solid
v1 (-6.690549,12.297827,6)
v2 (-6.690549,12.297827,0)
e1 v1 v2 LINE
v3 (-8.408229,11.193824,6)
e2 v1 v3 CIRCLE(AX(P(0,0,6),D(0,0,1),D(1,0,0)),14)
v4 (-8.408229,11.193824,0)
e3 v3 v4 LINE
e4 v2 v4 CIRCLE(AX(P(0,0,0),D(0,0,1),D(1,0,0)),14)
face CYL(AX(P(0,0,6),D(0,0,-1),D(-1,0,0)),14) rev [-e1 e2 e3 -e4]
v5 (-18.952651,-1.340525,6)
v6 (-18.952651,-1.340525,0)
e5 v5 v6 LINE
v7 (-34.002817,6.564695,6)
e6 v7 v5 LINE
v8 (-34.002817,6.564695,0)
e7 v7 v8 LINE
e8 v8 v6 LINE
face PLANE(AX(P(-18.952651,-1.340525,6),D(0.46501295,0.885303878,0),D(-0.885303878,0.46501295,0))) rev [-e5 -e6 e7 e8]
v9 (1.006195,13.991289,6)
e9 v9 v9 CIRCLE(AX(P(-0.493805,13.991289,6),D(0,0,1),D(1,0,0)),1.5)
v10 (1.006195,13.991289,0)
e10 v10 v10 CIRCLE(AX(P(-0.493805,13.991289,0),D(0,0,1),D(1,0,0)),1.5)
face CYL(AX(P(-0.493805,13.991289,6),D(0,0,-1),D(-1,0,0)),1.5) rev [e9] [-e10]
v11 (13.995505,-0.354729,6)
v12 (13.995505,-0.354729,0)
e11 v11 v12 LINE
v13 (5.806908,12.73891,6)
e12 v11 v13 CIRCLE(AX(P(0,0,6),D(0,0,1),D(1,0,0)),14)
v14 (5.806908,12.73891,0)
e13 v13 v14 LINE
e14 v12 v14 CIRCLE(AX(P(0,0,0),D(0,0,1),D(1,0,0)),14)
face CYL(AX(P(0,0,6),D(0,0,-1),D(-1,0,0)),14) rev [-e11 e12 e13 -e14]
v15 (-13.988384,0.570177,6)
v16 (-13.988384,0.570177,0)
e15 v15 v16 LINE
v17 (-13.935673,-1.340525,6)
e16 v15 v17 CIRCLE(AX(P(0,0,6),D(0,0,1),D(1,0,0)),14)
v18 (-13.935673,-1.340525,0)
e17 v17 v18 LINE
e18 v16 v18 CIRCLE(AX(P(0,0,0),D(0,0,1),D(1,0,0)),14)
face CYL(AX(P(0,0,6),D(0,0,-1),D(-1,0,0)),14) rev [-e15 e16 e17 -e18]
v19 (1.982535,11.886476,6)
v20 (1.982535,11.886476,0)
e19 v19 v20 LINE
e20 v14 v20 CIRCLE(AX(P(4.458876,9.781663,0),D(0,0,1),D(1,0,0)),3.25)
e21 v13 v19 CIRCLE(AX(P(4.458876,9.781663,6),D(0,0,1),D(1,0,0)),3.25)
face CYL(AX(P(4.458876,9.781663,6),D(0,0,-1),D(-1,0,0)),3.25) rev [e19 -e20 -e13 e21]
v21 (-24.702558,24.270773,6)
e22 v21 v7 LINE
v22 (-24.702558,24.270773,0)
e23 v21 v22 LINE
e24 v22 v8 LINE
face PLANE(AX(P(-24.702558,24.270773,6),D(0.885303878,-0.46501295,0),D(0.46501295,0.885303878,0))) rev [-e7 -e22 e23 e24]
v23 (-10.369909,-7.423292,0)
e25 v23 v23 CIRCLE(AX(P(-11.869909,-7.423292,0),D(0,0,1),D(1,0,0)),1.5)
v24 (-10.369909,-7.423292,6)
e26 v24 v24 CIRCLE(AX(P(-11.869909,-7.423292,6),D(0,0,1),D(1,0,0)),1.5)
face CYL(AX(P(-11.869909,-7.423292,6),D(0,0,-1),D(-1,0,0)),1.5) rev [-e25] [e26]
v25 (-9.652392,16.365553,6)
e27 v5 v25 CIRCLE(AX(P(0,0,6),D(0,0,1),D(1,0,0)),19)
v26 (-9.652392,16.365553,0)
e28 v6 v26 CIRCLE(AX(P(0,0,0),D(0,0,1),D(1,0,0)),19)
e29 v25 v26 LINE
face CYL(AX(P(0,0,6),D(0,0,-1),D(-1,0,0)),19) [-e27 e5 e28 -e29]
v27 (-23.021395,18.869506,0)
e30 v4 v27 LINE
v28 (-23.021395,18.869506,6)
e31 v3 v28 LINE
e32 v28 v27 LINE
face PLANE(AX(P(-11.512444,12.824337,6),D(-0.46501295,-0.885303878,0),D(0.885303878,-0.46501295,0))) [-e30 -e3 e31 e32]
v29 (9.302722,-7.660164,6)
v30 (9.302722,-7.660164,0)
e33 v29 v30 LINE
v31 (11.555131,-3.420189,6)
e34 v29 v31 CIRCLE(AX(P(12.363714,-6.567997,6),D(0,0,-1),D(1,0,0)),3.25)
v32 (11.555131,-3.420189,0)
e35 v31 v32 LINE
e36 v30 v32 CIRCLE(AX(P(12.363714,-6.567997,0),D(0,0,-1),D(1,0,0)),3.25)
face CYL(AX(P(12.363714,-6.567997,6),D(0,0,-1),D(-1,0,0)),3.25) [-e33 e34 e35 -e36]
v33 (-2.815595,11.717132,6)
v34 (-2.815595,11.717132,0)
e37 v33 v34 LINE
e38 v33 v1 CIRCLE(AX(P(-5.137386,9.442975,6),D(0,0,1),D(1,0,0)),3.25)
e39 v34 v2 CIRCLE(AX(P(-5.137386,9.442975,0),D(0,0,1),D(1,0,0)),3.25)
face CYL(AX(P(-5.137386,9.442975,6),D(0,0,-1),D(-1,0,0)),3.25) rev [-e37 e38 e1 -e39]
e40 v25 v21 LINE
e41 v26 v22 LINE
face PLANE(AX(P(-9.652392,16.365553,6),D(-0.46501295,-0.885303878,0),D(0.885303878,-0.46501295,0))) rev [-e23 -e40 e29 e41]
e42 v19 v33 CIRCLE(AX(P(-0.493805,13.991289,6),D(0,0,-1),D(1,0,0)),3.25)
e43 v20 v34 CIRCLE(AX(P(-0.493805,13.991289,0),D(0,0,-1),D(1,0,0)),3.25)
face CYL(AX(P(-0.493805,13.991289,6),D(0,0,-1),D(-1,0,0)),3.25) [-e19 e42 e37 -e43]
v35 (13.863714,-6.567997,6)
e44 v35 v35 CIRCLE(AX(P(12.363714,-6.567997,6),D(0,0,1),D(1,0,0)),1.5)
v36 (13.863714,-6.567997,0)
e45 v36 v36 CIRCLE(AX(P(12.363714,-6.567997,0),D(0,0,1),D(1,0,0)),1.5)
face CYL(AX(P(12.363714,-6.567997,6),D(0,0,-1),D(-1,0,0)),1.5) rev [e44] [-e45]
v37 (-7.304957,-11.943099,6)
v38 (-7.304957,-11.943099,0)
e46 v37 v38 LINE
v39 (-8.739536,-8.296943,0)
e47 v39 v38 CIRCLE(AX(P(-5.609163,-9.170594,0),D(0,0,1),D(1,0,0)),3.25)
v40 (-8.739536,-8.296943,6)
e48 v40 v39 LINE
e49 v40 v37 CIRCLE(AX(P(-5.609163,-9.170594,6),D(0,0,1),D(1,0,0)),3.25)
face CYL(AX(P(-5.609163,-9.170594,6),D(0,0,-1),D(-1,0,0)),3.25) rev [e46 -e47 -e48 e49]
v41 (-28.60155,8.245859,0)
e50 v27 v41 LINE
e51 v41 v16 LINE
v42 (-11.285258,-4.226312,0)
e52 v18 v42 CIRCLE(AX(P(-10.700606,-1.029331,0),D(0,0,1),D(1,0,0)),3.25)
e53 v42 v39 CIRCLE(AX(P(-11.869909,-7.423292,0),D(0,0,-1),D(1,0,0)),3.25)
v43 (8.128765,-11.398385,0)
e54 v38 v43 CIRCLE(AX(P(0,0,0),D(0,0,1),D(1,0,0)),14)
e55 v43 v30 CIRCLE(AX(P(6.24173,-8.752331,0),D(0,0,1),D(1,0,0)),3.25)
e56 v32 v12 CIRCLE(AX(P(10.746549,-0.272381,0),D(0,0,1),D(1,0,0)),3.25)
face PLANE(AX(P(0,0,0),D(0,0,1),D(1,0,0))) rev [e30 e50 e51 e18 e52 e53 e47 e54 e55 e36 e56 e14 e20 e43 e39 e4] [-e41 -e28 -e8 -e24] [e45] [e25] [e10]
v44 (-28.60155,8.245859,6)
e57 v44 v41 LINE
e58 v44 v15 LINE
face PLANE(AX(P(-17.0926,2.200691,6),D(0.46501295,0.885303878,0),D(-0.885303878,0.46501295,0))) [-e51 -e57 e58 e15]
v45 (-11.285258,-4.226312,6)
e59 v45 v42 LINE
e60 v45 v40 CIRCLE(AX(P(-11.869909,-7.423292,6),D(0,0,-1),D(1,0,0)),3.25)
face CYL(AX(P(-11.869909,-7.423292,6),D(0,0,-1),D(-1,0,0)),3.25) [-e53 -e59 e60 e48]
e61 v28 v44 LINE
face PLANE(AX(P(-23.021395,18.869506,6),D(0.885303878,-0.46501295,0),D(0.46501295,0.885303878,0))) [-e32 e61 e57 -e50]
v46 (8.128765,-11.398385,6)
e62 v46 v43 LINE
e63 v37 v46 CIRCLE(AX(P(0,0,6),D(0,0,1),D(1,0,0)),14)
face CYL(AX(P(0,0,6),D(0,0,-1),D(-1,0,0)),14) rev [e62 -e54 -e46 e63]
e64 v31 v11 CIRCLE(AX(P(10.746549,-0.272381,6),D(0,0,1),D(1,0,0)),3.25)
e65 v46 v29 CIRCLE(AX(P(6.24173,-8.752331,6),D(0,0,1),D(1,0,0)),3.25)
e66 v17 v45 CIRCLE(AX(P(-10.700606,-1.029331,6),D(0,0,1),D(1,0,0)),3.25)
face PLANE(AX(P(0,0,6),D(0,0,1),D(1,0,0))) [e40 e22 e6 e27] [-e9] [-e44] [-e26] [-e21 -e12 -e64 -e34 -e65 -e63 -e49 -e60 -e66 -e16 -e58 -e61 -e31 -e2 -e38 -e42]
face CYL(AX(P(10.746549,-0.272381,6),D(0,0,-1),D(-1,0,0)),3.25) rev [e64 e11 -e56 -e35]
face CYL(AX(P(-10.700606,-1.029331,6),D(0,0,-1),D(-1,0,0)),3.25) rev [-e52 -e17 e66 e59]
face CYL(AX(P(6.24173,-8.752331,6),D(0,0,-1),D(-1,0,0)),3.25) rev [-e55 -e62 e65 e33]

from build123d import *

# Parameters (mm, degrees)
ESQUISSE1_R        = 1.5
BOSS_EXTRU_2_DEPTH = 6


with BuildPart() as part:
    # Esquisse1 → Boss.-Extru.2 (new body)
    with BuildSketch(Plane.XY):
        with BuildLine():
            Line((-9.65239237, 16.365552894), (-24.702558299, 24.270773037))
            Line((-24.702558299, 24.270773037), (-34.00281729, 6.564695473))
            Line((-34.00281729, 6.564695473), (-18.952651361, -1.34052467))
            ThreePointArc((-18.952651361, -1.34052467), (16.820773686, -8.835246042), (-9.65239237, 16.365552894))
        make_face()
        with Locations((-0.493805045, 13.991288596)):
            Circle(ESQUISSE1_R, mode=Mode.SUBTRACT)
        with Locations((12.363713879, -6.567996584)):
            Circle(ESQUISSE1_R, mode=Mode.SUBTRACT)
        with Locations((-11.869908833, -7.423292012)):
            Circle(ESQUISSE1_R, mode=Mode.SUBTRACT)
        with BuildLine():
            Line((-11.512444168, 12.824337382), (-23.021394585, 18.869505726))
            Line((-23.021394585, 18.869505726), (-28.601549979, 8.245859187))
            Line((-28.601549979, 8.245859187), (-17.092599563, 2.200690843))
            Line((-17.092599563, 2.200690843), (-13.988384403, 0.570176979))
            ThreePointArc((-13.988384403, 0.570176979), (-13.994675648, -0.386074479), (-13.935673418, -1.34052467))
            ThreePointArc((-13.935673418, -1.34052467), (-13.094244538, -3.227739126), (-11.285257604, -4.226311727))
            ThreePointArc((-11.285257604, -4.226311727), (-9.114394283, -5.700027795), (-8.739535981, -8.296942861))
            ThreePointArc((-8.739535981, -8.296942861), (-8.633495068, -10.360516531), (-7.304956633, -11.943098785))
            ThreePointArc((-7.304956633, -11.943098785), (0.493805045, -13.991288596), (8.128765127, -11.398384864))
            ThreePointArc((8.128765127, -11.398384864), (9.342426349, -9.72607885), (9.302722122, -7.66016391))
            ThreePointArc((9.302722122, -7.66016391), (9.493566014, -5.043283091), (11.555131282, -3.420188746))
            ThreePointArc((11.555131282, -3.420188746), (13.289218046, -2.296567787), (13.995505264, -0.354728625))
            ThreePointArc((13.995505264, -0.354728625), (11.869908833, 7.423292012), (5.806908291, 12.738909534))
            ThreePointArc((5.806908291, 12.738909534), (3.751818189, 12.953817976), (1.982535482, 11.886475637))
            ThreePointArc((1.982535482, 11.886475637), (-0.379171731, 10.743310886), (-2.815595301, 11.717131607))
            ThreePointArc((-2.815595301, 11.717131607), (-4.655722978, 12.657084318), (-6.690548632, 12.29782741))
            ThreePointArc((-6.690548632, 12.29782741), (-7.569542767, 11.777182273), (-8.408229009, 11.193823517))
            Line((-8.408229009, 11.193823517), (-11.512444168, 12.824337382))
        make_face(mode=Mode.SUBTRACT)
    extrude(amount=BOSS_EXTRU_2_DEPTH)


solid = part.part
